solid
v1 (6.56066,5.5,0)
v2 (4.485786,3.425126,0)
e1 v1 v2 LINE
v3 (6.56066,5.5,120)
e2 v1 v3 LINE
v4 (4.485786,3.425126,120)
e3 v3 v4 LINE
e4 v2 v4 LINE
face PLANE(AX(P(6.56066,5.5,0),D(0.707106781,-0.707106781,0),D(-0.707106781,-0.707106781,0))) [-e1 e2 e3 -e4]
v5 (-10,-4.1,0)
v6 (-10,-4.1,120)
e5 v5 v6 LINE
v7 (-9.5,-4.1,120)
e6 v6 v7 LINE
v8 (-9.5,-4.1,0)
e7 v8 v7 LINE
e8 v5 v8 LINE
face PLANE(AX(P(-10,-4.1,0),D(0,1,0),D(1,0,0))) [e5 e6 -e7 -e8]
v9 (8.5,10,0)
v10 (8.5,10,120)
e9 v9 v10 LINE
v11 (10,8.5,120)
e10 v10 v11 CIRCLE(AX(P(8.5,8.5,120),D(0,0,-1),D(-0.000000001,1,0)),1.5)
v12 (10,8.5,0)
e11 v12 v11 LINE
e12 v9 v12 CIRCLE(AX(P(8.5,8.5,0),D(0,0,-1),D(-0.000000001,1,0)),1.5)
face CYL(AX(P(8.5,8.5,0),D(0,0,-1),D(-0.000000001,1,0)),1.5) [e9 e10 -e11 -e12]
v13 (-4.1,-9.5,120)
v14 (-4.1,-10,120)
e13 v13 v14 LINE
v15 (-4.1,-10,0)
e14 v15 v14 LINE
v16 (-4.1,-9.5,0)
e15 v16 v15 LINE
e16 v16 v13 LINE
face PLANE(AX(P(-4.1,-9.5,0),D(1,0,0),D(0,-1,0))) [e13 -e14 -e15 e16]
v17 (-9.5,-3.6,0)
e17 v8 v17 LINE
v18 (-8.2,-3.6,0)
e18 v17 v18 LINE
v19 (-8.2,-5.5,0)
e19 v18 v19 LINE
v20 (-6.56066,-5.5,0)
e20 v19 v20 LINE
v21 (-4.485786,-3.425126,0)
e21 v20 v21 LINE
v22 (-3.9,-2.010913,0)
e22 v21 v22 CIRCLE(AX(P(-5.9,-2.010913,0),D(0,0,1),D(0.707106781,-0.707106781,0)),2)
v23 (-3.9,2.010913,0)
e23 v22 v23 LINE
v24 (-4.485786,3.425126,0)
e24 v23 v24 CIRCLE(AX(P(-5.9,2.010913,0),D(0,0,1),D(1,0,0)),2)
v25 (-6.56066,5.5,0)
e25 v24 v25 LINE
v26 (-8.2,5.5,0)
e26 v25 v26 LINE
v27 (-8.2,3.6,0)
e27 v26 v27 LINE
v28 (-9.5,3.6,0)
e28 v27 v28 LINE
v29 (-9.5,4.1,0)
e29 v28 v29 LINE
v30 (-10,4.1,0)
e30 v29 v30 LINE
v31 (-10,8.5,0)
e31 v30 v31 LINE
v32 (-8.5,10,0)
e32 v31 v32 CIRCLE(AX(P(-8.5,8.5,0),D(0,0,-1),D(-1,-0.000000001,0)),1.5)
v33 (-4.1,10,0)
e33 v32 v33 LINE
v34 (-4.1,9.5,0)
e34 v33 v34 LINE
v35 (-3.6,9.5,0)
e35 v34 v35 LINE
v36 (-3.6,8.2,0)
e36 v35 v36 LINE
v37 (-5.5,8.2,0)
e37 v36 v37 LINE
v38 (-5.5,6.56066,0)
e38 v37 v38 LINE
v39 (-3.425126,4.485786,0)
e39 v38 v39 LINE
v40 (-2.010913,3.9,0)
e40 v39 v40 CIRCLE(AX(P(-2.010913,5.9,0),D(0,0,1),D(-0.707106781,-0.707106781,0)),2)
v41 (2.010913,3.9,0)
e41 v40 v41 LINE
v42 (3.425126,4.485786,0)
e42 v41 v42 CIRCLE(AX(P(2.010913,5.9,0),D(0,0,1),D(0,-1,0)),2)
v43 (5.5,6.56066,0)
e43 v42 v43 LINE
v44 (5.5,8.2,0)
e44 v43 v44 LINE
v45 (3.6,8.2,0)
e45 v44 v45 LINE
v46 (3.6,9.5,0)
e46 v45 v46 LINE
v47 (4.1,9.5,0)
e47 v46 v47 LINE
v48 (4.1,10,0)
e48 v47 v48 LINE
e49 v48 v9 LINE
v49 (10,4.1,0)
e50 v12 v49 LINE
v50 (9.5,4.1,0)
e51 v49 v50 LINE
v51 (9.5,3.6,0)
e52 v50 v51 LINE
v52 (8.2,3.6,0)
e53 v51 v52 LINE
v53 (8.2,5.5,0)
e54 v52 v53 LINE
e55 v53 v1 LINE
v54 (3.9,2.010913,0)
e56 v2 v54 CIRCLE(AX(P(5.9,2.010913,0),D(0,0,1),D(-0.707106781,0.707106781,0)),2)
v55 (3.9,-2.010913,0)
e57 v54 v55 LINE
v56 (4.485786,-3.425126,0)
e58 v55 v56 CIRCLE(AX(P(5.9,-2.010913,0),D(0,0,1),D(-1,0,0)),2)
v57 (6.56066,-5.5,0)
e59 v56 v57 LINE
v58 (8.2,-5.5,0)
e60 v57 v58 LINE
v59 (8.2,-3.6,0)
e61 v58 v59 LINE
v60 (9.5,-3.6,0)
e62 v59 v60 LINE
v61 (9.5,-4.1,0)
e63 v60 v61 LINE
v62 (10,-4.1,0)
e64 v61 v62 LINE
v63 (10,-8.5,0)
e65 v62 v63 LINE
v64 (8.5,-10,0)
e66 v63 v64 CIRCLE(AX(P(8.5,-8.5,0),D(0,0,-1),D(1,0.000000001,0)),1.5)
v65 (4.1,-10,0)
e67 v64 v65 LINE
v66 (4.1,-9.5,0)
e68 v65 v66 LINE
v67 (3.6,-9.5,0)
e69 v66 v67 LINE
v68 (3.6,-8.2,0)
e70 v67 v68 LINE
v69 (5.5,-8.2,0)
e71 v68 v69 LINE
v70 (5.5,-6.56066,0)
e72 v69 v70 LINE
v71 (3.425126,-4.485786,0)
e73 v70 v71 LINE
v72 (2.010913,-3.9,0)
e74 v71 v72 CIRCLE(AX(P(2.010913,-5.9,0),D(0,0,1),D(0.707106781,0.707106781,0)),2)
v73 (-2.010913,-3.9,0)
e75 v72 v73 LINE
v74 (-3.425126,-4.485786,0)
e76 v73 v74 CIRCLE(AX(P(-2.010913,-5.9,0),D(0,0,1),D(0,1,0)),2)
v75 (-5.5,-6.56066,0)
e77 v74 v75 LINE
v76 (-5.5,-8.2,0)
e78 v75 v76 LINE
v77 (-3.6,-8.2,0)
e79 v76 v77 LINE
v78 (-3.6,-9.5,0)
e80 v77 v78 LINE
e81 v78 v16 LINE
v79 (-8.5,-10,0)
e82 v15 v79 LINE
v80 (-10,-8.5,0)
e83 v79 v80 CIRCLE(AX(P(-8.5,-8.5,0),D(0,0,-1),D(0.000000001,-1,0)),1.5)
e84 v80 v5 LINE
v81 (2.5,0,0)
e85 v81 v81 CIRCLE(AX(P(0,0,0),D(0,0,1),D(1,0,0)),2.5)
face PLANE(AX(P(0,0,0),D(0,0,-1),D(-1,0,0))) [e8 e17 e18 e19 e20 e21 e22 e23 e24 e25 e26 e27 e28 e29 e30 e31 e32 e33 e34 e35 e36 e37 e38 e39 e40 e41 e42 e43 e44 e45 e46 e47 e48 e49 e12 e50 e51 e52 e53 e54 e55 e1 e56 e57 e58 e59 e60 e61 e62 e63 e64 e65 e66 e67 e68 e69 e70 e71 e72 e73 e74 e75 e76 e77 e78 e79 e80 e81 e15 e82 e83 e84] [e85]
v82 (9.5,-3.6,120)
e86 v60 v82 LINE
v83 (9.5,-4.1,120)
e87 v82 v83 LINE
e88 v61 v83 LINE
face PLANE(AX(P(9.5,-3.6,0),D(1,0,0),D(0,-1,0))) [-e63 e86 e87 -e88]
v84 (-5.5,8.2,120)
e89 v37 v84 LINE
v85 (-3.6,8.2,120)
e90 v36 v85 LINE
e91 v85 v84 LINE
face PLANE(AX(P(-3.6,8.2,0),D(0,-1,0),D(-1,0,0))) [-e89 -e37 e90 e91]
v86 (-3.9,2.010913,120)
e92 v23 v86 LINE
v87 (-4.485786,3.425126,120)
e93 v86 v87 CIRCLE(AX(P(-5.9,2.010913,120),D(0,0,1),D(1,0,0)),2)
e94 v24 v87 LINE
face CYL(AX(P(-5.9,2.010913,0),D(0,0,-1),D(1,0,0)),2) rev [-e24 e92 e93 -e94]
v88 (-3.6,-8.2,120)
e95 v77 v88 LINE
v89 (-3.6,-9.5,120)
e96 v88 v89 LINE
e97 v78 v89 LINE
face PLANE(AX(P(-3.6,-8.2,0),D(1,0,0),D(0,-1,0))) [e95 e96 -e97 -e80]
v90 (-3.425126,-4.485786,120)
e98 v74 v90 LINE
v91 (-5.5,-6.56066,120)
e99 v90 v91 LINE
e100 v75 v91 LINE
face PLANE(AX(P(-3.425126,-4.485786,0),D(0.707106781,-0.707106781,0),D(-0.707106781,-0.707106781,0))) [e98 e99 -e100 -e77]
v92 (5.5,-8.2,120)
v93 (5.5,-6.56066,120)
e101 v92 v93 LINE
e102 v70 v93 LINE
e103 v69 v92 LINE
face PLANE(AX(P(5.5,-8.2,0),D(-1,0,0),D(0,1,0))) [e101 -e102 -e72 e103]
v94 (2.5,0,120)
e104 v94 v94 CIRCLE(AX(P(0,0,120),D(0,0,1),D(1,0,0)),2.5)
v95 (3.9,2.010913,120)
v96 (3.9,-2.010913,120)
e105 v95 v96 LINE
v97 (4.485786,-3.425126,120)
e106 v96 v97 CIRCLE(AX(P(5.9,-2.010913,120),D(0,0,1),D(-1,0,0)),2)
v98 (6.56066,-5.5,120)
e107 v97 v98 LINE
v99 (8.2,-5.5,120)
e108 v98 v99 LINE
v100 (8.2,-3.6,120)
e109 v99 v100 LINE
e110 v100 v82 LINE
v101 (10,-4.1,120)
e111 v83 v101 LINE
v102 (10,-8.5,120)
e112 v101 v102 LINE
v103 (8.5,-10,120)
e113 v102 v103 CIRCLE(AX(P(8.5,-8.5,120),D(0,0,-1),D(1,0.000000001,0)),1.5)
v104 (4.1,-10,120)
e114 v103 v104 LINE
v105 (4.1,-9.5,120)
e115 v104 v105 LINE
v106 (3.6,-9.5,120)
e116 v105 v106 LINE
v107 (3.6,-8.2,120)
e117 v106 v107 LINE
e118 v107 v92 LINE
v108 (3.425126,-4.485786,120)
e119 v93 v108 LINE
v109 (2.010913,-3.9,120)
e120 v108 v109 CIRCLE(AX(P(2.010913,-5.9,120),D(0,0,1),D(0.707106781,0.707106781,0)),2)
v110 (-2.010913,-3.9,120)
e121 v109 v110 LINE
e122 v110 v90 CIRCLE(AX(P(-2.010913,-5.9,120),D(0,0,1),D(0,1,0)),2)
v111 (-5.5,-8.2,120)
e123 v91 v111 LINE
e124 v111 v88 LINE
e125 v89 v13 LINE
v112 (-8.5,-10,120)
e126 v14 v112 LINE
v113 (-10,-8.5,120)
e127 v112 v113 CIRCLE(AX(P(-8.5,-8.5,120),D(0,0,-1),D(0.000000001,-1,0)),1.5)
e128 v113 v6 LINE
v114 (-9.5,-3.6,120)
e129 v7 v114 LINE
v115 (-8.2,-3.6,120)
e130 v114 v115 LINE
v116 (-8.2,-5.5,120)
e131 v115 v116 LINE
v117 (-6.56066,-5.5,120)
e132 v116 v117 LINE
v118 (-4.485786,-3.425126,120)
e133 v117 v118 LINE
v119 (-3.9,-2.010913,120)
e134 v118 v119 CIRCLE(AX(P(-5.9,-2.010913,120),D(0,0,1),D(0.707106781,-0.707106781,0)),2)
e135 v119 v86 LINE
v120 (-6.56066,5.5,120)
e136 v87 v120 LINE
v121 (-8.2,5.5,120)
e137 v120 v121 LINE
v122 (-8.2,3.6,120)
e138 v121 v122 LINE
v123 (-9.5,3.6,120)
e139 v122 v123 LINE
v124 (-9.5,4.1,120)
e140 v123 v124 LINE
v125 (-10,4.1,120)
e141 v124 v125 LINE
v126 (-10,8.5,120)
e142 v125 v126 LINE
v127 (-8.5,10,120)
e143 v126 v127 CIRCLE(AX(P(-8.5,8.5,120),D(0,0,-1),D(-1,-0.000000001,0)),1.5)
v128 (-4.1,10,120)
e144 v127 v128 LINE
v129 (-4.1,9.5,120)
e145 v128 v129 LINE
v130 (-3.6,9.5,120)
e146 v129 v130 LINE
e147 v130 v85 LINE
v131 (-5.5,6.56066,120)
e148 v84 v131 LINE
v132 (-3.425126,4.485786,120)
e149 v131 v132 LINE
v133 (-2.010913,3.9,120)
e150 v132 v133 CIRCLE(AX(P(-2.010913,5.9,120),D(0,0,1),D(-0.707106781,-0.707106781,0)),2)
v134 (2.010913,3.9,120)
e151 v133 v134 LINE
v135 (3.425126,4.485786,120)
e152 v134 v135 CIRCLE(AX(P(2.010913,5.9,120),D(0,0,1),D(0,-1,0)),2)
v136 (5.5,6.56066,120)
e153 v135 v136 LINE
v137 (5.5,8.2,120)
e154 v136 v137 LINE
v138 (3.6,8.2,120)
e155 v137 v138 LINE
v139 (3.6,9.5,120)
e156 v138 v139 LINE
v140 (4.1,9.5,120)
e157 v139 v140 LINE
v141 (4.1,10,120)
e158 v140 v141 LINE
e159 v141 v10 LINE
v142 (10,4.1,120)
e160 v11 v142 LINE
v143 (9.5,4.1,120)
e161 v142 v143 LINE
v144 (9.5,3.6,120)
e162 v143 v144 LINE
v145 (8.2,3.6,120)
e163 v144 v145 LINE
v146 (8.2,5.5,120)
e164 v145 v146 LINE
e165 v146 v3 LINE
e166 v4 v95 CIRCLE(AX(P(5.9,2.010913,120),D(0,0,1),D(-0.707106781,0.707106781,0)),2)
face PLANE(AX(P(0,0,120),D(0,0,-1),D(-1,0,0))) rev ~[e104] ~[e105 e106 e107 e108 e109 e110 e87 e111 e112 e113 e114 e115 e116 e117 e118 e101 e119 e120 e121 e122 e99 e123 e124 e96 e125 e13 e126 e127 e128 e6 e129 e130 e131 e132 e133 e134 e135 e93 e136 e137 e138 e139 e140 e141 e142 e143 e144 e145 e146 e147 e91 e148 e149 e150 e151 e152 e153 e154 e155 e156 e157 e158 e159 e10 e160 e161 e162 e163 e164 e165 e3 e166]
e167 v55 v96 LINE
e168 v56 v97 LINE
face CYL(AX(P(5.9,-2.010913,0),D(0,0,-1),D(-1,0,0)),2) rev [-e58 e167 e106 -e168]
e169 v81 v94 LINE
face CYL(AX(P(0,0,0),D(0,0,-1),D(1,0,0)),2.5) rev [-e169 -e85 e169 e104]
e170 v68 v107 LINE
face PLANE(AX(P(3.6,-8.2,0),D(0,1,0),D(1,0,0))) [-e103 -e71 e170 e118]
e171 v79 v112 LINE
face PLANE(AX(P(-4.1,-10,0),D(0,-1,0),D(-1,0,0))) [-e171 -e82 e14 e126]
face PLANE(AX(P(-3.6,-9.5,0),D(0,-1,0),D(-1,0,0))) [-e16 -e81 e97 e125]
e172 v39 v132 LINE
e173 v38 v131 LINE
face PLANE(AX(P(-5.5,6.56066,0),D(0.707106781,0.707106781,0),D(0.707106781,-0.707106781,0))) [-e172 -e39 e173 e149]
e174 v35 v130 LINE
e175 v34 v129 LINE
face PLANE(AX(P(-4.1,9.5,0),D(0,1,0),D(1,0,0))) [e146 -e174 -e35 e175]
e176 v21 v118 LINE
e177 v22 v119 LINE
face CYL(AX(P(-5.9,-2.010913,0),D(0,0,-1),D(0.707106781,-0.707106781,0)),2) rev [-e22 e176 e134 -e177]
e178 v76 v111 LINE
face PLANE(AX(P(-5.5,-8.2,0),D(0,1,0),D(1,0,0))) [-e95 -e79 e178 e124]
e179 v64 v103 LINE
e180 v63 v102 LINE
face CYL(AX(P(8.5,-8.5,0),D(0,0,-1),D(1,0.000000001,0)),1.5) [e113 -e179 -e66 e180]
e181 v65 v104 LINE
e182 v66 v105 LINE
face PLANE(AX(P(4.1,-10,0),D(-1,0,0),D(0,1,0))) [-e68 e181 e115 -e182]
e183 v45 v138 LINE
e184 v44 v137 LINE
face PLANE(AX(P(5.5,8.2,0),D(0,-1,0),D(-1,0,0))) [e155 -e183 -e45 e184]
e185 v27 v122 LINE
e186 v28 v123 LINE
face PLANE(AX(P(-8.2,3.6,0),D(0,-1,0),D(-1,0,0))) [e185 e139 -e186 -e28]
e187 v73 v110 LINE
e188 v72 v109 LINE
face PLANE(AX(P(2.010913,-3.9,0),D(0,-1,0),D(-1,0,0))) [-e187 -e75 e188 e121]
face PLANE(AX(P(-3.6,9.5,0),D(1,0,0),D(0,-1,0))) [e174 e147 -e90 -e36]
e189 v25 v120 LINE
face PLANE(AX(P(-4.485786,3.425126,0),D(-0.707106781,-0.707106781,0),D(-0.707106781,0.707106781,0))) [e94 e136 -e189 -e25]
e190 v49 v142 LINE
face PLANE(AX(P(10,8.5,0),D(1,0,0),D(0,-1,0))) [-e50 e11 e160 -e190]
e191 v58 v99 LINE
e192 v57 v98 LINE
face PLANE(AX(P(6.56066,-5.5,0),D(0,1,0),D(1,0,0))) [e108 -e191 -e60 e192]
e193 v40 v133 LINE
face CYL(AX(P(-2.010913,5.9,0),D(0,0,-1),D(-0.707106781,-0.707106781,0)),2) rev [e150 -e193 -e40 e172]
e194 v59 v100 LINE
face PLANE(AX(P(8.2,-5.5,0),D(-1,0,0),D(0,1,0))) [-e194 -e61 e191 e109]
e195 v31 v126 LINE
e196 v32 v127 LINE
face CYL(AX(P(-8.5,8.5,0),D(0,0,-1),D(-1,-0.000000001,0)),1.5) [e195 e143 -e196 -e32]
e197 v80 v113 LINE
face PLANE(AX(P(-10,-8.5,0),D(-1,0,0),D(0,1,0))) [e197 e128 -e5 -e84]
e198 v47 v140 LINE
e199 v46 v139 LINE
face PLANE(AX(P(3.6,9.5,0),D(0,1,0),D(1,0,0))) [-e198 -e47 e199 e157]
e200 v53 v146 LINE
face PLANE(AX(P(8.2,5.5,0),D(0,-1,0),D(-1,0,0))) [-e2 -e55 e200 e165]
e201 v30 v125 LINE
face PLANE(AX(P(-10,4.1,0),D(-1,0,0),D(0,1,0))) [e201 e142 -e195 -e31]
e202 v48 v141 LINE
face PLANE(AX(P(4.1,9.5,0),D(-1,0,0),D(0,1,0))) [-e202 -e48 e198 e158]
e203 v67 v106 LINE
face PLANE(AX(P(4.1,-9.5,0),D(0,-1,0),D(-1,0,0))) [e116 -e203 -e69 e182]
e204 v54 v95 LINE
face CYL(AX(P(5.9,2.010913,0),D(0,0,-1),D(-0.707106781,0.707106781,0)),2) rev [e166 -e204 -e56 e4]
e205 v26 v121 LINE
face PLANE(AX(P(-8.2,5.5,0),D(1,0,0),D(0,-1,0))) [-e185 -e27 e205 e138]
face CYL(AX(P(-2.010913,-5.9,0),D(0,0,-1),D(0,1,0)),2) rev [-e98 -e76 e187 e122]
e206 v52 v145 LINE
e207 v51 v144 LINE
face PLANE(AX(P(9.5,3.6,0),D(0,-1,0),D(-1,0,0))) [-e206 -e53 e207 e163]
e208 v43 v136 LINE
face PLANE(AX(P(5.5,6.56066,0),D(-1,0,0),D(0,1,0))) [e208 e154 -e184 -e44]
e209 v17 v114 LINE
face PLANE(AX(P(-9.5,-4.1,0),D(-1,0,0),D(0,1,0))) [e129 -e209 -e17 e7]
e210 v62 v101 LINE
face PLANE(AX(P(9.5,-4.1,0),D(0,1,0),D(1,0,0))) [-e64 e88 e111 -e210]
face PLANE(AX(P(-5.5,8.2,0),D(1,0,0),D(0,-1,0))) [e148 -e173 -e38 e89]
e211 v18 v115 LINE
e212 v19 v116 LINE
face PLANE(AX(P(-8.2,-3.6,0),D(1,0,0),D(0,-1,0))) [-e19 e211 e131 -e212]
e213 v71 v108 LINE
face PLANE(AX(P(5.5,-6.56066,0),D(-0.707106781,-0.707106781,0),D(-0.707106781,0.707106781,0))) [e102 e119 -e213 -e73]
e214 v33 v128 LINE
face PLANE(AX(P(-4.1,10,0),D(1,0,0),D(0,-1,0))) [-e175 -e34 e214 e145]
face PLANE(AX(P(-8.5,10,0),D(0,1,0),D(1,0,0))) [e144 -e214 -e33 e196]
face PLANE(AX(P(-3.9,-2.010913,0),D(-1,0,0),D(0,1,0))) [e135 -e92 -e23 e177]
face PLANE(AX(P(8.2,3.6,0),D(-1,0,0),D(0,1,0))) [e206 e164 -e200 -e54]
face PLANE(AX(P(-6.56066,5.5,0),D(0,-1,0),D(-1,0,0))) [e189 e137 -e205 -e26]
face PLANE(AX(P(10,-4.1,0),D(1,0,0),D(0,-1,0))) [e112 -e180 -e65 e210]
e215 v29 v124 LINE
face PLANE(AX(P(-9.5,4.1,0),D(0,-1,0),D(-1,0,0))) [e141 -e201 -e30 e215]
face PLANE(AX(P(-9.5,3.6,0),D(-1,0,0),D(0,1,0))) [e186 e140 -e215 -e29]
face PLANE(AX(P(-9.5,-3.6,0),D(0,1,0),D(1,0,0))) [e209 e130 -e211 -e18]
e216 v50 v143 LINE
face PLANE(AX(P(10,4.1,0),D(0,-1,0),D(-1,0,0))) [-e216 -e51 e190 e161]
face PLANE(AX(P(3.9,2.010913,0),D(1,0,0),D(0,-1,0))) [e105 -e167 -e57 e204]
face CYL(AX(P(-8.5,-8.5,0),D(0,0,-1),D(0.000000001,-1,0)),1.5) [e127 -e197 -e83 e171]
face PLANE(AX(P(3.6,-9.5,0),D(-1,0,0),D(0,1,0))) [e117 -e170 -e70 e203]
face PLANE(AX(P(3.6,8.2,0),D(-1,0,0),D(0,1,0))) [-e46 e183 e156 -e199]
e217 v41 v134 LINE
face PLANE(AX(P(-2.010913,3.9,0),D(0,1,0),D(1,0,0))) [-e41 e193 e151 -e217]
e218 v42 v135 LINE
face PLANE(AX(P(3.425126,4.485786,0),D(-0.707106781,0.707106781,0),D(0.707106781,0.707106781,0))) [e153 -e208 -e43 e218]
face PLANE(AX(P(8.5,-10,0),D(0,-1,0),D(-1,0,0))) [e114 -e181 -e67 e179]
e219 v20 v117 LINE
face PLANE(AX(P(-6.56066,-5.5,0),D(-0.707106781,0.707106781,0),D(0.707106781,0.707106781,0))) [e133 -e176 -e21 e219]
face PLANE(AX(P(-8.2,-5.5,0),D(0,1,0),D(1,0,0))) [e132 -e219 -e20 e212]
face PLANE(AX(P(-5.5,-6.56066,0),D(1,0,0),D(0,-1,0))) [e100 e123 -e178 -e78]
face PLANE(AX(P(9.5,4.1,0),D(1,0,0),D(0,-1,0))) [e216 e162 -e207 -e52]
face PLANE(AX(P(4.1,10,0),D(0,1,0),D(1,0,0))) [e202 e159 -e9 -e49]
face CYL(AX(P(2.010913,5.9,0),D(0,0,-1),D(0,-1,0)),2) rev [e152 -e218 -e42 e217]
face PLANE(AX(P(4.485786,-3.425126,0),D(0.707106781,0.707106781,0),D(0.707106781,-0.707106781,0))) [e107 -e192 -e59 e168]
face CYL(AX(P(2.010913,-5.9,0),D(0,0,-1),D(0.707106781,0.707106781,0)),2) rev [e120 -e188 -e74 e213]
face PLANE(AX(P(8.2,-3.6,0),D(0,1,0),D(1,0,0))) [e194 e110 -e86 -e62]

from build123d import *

# Parameters (mm, degrees)
SKETCH1_R           = 2.5
BOSS_EXTRUDE2_DEPTH = 120


with BuildPart() as part:
    # Sketch1 → Boss-Extrude2 (new body)
    with BuildSketch(Plane.XY):
        with BuildLine():
            Line((10, -4.1), (10, -8.5))
            ThreePointArc((10, -8.5), (9.560660172, -9.560660172), (8.5, -10))
            Line((8.5, -10), (4.1, -10))
            Line((4.1, -10), (4.1, -9.5))
            Line((4.1, -9.5), (3.6, -9.5))
            Line((3.6, -9.5), (3.6, -8.2))
            Line((3.6, -8.2), (5.5, -8.2))
            Line((5.5, -8.2), (5.5, -6.560660172))
            Line((5.5, -6.560660172), (3.425126266, -4.485786438))
            ThreePointArc((3.425126266, -4.485786438), (2.776279568, -4.052240935), (2.010912703, -3.9))
            Line((2.010912703, -3.9), (-2.010912703, -3.9))
            ThreePointArc((-2.010912703, -3.9), (-2.776279568, -4.052240935), (-3.425126266, -4.485786438))
            Line((-3.425126266, -4.485786438), (-5.5, -6.560660172))
            Line((-5.5, -6.560660172), (-5.5, -8.2))
            Line((-5.5, -8.2), (-3.6, -8.2))
            Line((-3.6, -8.2), (-3.6, -9.5))
            Line((-3.6, -9.5), (-4.1, -9.5))
            Line((-4.1, -9.5), (-4.1, -10))
            Line((-4.1, -10), (-8.5, -10))
            ThreePointArc((-8.5, -10), (-9.560660172, -9.560660172), (-10, -8.5))
            Line((-10, -8.5), (-10, -4.1))
            Line((-10, -4.1), (-9.5, -4.1))
            Line((-9.5, -4.1), (-9.5, -3.6))
            Line((-9.5, -3.6), (-8.2, -3.6))
            Line((-8.2, -3.6), (-8.2, -5.5))
            Line((-8.2, -5.5), (-6.560660172, -5.5))
            Line((-6.560660172, -5.5), (-4.485786438, -3.425126266))
            ThreePointArc((-4.485786438, -3.425126266), (-4.052240935, -2.776279568), (-3.9, -2.010912703))
            Line((-3.9, -2.010912703), (-3.9, 2.010912703))
            ThreePointArc((-3.9, 2.010912703), (-4.052240935, 2.776279568), (-4.485786438, 3.425126266))
            Line((-4.485786438, 3.425126266), (-6.560660172, 5.5))
            Line((-6.560660172, 5.5), (-8.2, 5.5))
            Line((-8.2, 5.5), (-8.2, 3.6))
            Line((-8.2, 3.6), (-9.5, 3.6))
            Line((-9.5, 3.6), (-9.5, 4.1))
            Line((-9.5, 4.1), (-10, 4.1))
            Line((-10, 4.1), (-10, 8.5))
            ThreePointArc((-10, 8.5), (-9.560660172, 9.560660172), (-8.5, 10))
            Line((-8.5, 10), (-4.1, 10))
            Line((-4.1, 10), (-4.1, 9.5))
            Line((-4.1, 9.5), (-3.6, 9.5))
            Line((-3.6, 9.5), (-3.6, 8.2))
            Line((-3.6, 8.2), (-5.5, 8.2))
            Line((-5.5, 8.2), (-5.5, 6.560660172))
            Line((-5.5, 6.560660172), (-3.425126266, 4.485786438))
            ThreePointArc((-3.425126266, 4.485786438), (-2.776279568, 4.052240935), (-2.010912703, 3.9))
            Line((-2.010912703, 3.9), (2.010912703, 3.9))
            ThreePointArc((2.010912703, 3.9), (2.776279568, 4.052240935), (3.425126266, 4.485786438))
            Line((3.425126266, 4.485786438), (5.5, 6.560660172))
            Line((5.5, 6.560660172), (5.5, 8.2))
            Line((5.5, 8.2), (3.6, 8.2))
            Line((3.6, 8.2), (3.6, 9.5))
            Line((3.6, 9.5), (4.1, 9.5))
            Line((4.1, 9.5), (4.1, 10))
            Line((4.1, 10), (8.5, 10))
            ThreePointArc((8.5, 10), (9.560660172, 9.560660172), (10, 8.5))
            Line((10, 8.5), (10, 4.1))
            Line((10, 4.1), (9.5, 4.1))
            Line((9.5, 4.1), (9.5, 3.6))
            Line((9.5, 3.6), (8.2, 3.6))
            Line((8.2, 3.6), (8.2, 5.5))
            Line((8.2, 5.5), (6.560660172, 5.5))
            Line((6.560660172, 5.5), (4.485786438, 3.425126266))
            ThreePointArc((4.485786438, 3.425126266), (4.052240935, 2.776279568), (3.9, 2.010912703))
            Line((3.9, 2.010912703), (3.9, -2.010912703))
            ThreePointArc((3.9, -2.010912703), (4.052240935, -2.776279568), (4.485786438, -3.425126266))
            Line((4.485786438, -3.425126266), (6.560660172, -5.5))
            Line((6.560660172, -5.5), (8.2, -5.5))
            Line((8.2, -5.5), (8.2, -3.6))
            Line((8.2, -3.6), (9.5, -3.6))
            Line((9.5, -3.6), (9.5, -4.1))
            Line((9.5, -4.1), (10, -4.1))
        make_face()
        Circle(SKETCH1_R, mode=Mode.SUBTRACT)
    extrude(amount=BOSS_EXTRUDE2_DEPTH)


solid = part.part
